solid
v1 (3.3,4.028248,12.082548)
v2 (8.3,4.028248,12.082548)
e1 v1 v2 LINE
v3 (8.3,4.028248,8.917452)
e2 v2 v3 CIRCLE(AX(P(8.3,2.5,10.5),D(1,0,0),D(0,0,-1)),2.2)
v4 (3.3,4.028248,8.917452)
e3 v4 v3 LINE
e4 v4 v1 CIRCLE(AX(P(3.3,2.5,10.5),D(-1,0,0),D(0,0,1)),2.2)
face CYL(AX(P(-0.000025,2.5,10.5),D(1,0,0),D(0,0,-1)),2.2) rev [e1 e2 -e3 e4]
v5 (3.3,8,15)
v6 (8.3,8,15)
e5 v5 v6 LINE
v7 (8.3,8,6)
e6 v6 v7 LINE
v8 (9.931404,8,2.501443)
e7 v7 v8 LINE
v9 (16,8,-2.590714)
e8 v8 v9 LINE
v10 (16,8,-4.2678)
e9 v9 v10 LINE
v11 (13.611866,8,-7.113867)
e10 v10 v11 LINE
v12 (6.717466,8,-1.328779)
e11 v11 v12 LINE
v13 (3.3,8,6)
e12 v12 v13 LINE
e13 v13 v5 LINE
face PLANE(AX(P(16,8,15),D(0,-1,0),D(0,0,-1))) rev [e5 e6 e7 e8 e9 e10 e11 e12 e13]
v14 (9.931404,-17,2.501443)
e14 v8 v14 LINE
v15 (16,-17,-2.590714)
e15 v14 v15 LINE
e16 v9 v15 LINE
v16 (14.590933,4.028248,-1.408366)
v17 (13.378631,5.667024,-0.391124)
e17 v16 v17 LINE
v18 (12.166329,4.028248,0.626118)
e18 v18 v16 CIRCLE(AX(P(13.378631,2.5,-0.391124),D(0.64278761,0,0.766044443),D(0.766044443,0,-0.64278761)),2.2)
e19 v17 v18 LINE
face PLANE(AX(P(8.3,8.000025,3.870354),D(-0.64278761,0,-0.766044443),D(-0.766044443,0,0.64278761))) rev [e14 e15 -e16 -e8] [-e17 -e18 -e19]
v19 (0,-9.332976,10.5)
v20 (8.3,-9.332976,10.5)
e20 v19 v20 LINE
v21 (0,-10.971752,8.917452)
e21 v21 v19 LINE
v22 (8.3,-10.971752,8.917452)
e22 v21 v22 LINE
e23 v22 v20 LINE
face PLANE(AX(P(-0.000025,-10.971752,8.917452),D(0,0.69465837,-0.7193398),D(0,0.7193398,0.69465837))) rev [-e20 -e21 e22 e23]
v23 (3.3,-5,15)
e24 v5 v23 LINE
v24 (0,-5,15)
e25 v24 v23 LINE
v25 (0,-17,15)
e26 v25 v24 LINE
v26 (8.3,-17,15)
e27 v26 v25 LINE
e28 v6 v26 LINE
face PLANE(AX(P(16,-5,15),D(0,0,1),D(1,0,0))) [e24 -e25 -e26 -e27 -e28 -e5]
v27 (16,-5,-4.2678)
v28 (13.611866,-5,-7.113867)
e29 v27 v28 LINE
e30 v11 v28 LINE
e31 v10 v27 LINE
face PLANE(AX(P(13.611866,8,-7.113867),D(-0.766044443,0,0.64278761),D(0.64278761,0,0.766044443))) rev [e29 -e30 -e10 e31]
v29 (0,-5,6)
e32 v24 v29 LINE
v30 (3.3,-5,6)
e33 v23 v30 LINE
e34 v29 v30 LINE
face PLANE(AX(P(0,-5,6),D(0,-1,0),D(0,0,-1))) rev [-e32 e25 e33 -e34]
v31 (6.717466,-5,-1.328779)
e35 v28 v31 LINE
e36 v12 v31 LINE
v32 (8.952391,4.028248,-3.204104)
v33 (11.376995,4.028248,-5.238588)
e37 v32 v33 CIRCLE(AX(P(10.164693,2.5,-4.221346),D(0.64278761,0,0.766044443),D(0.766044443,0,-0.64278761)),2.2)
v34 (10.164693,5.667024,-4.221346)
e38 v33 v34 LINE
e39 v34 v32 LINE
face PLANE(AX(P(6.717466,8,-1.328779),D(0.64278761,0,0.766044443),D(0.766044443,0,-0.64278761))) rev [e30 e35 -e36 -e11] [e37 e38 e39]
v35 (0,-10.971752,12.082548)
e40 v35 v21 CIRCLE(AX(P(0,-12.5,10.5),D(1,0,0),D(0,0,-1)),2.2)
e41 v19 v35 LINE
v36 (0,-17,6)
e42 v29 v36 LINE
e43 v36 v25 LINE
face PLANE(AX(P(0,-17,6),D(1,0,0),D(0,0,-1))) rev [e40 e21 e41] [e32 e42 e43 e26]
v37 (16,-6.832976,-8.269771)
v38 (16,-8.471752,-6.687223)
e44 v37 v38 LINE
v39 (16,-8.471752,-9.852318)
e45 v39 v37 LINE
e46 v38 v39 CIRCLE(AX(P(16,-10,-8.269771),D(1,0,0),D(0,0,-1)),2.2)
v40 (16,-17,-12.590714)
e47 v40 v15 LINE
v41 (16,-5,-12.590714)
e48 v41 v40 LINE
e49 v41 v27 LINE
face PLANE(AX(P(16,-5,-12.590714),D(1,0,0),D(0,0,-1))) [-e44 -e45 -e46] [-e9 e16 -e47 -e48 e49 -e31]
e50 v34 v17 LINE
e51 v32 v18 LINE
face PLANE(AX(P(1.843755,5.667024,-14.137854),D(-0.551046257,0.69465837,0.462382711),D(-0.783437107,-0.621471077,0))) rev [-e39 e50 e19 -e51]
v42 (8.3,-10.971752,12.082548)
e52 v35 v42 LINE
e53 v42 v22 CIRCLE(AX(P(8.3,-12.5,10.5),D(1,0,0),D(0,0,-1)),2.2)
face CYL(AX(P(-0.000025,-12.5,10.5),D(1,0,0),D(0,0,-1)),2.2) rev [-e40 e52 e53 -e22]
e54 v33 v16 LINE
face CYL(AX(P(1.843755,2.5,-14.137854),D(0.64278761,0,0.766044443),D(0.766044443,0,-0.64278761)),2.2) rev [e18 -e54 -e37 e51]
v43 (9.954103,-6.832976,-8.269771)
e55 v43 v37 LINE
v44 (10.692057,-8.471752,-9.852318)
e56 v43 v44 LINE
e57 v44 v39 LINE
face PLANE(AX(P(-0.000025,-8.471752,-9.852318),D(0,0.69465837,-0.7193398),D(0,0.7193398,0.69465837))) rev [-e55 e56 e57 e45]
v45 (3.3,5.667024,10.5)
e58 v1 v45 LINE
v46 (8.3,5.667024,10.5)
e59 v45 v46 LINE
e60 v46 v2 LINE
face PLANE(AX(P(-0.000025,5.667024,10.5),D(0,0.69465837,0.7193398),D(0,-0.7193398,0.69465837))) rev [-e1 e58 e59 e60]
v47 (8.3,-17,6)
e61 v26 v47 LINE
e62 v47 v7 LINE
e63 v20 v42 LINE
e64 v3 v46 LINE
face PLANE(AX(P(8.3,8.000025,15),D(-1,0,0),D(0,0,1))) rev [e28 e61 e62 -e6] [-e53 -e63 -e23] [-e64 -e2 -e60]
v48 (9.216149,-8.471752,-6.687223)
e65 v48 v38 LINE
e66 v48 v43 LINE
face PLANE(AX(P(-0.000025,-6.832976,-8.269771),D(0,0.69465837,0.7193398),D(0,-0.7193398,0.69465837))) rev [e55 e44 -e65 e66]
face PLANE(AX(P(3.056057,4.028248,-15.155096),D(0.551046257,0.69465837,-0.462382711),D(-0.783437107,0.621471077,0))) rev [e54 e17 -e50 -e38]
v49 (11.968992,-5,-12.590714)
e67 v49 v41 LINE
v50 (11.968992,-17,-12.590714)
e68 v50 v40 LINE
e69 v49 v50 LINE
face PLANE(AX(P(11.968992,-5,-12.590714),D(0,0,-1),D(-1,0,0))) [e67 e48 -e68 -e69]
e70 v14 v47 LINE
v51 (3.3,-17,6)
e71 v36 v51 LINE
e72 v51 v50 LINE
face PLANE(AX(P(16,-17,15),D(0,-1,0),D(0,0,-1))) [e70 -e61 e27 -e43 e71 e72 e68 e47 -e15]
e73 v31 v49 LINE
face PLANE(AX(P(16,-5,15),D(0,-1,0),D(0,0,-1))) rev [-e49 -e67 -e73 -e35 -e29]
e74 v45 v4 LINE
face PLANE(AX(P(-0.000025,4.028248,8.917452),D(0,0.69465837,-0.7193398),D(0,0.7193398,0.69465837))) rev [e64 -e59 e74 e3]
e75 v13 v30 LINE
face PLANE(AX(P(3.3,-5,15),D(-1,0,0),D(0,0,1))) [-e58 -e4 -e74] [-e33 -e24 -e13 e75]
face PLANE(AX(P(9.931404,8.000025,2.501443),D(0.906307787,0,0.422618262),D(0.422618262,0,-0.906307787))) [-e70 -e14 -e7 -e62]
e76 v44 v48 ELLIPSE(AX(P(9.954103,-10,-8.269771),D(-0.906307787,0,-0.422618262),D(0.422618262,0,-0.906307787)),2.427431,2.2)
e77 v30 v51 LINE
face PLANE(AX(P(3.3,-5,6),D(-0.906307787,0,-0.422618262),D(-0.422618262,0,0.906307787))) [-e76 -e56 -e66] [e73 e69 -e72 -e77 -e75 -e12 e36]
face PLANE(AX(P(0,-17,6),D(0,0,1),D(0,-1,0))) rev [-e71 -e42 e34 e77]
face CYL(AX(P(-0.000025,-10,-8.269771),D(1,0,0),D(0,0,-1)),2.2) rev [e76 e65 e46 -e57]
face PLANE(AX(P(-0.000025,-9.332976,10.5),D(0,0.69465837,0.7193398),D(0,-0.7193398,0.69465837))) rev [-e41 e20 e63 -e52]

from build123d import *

# Parameters (mm, degrees)
BOSS_EXTRUDE1_DEPTH = 12
BOSS_EXTRUDE2_DEPTH = 13
SKETCH3_W           = 9
SKETCH3_H           = 12
BOSS_EXTRUDE3_DEPTH = 3.3
CUT_EXTRUDE1_DEPTH  = 34.256578297
CUT_EXTRUDE2_DEPTH  = 25.143114961
CUT_EXTRUDE3_DEPTH  = 25.143114961
CUT_EXTRUDE4_DEPTH  = 28.6007146
CUT_EXTRUDE5_DEPTH  = 28.748873851
CHAMFER1_SIZE       = 2.129646437


with BuildPart() as part:
    # Sketch1 → Boss-Extrude1 (new body)
    with BuildSketch(Plane.XZ.offset(17)):
        Polygon((16, 15), (3.3, 15), (3.3, 6), (11.968992121, -12.590713597), (16, -12.590713597), align=None)
    extrude(amount=-BOSS_EXTRUDE1_DEPTH)

    # Sketch2 → Boss-Extrude2 (add)
    with BuildSketch(Plane(origin=(0, -5, 0), x_dir=(-1, 0, 0), z_dir=(0, 1, 0))):
        Polygon((-16, 15), (-3.3, 15), (-3.3, 6), (-6.717465771, -1.328778996), (-13.611865759, -7.113867483), (-16, -4.267799921), align=None)
    extrude(amount=BOSS_EXTRUDE2_DEPTH)

    # Sketch3 → Boss-Extrude3 (add)
    with BuildSketch(Plane.ZY.offset(-3.3)):
        with Locations((10.5, -11)):
            Rectangle(SKETCH3_W, SKETCH3_H)
    extrude(amount=BOSS_EXTRUDE3_DEPTH)

    # Sketch4 → Cut-Extrude1 (cut, through all)
    with BuildSketch(Plane.XZ.offset(17)):
        Polygon((16, 15), (8.3, 15), (8.3, 3.870353563), (16, -2.590713597), align=None)
    extrude(amount=-CUT_EXTRUDE1_DEPTH, mode=Mode.SUBTRACT)

    # Sketch5 → Cut-Extrude2 (cut, through all)
    with BuildSketch(Plane(origin=(8.3, 0, 0), x_dir=(0, 0, -1), z_dir=(1, 0, 0))):
        with BuildLine():
            Line((-8.917452439, -10.971751585), (-10.5, -9.332975613))
            Line((-10.5, -9.332975613), (-12.082547561, -10.971751585))
            ThreePointArc((-12.082547561, -10.971751585), (-10.5, -14.7), (-8.917452439, -10.971751585))
        make_face()
    extrude(amount=-CUT_EXTRUDE2_DEPTH, mode=Mode.SUBTRACT)

    # Sketch6 → Cut-Extrude3 (cut, through all)
    with BuildSketch(Plane(origin=(8.3, 0, 0), x_dir=(0, 0, -1), z_dir=(1, 0, 0))):
        with BuildLine():
            Line((-8.917452439, 4.028248415), (-10.5, 5.667024387))
            Line((-10.5, 5.667024387), (-12.082547561, 4.028248415))
            ThreePointArc((-12.082547561, 4.028248415), (-10.5, 0.3), (-8.917452439, 4.028248415))
        make_face()
    extrude(amount=-CUT_EXTRUDE3_DEPTH, mode=Mode.SUBTRACT)

    # Sketch7 → Cut-Extrude4 (cut, through all)
    with BuildSketch(Plane(origin=(5.33513716, 0, 6.358168878), x_dir=(0.766044443118978, 0, -0.6427876096865394), z_dir=(0.6427876096865394, 0, 0.766044443118978))):
        with BuildLine():
            Line((12.082582782, 4.028248415), (10.500035221, 5.667024387))
            Line((10.500035221, 5.667024387), (8.91748766, 4.028248415))
            ThreePointArc((8.91748766, 4.028248415), (10.500035221, 0.3), (12.082582782, 4.028248415))
        make_face()
    extrude(amount=-CUT_EXTRUDE4_DEPTH, mode=Mode.SUBTRACT)

    # Sketch8 → Cut-Extrude5 (cut, through all)
    with BuildSketch(Plane(origin=(16, 0, 0), x_dir=(0, 0, -1), z_dir=(1, 0, 0))):
        with BuildLine():
            Line((9.852318341, -8.471751585), (8.26977078, -6.832975613))
            Line((8.26977078, -6.832975613), (6.68722322, -8.471751585))
            ThreePointArc((6.68722322, -8.471751585), (8.26977078, -12.2), (9.852318341, -8.471751585))
        make_face()
    extrude(amount=-CUT_EXTRUDE5_DEPTH, mode=Mode.SUBTRACT)

    # Chamfer1
    chamfer1_edges = [part.edges().sort_by_distance(p)[0] for p in [
        (8.3, -4.5, 3.870353563),
    ]]
    chamfer(chamfer1_edges, length=CHAMFER1_SIZE)


solid = part.part
